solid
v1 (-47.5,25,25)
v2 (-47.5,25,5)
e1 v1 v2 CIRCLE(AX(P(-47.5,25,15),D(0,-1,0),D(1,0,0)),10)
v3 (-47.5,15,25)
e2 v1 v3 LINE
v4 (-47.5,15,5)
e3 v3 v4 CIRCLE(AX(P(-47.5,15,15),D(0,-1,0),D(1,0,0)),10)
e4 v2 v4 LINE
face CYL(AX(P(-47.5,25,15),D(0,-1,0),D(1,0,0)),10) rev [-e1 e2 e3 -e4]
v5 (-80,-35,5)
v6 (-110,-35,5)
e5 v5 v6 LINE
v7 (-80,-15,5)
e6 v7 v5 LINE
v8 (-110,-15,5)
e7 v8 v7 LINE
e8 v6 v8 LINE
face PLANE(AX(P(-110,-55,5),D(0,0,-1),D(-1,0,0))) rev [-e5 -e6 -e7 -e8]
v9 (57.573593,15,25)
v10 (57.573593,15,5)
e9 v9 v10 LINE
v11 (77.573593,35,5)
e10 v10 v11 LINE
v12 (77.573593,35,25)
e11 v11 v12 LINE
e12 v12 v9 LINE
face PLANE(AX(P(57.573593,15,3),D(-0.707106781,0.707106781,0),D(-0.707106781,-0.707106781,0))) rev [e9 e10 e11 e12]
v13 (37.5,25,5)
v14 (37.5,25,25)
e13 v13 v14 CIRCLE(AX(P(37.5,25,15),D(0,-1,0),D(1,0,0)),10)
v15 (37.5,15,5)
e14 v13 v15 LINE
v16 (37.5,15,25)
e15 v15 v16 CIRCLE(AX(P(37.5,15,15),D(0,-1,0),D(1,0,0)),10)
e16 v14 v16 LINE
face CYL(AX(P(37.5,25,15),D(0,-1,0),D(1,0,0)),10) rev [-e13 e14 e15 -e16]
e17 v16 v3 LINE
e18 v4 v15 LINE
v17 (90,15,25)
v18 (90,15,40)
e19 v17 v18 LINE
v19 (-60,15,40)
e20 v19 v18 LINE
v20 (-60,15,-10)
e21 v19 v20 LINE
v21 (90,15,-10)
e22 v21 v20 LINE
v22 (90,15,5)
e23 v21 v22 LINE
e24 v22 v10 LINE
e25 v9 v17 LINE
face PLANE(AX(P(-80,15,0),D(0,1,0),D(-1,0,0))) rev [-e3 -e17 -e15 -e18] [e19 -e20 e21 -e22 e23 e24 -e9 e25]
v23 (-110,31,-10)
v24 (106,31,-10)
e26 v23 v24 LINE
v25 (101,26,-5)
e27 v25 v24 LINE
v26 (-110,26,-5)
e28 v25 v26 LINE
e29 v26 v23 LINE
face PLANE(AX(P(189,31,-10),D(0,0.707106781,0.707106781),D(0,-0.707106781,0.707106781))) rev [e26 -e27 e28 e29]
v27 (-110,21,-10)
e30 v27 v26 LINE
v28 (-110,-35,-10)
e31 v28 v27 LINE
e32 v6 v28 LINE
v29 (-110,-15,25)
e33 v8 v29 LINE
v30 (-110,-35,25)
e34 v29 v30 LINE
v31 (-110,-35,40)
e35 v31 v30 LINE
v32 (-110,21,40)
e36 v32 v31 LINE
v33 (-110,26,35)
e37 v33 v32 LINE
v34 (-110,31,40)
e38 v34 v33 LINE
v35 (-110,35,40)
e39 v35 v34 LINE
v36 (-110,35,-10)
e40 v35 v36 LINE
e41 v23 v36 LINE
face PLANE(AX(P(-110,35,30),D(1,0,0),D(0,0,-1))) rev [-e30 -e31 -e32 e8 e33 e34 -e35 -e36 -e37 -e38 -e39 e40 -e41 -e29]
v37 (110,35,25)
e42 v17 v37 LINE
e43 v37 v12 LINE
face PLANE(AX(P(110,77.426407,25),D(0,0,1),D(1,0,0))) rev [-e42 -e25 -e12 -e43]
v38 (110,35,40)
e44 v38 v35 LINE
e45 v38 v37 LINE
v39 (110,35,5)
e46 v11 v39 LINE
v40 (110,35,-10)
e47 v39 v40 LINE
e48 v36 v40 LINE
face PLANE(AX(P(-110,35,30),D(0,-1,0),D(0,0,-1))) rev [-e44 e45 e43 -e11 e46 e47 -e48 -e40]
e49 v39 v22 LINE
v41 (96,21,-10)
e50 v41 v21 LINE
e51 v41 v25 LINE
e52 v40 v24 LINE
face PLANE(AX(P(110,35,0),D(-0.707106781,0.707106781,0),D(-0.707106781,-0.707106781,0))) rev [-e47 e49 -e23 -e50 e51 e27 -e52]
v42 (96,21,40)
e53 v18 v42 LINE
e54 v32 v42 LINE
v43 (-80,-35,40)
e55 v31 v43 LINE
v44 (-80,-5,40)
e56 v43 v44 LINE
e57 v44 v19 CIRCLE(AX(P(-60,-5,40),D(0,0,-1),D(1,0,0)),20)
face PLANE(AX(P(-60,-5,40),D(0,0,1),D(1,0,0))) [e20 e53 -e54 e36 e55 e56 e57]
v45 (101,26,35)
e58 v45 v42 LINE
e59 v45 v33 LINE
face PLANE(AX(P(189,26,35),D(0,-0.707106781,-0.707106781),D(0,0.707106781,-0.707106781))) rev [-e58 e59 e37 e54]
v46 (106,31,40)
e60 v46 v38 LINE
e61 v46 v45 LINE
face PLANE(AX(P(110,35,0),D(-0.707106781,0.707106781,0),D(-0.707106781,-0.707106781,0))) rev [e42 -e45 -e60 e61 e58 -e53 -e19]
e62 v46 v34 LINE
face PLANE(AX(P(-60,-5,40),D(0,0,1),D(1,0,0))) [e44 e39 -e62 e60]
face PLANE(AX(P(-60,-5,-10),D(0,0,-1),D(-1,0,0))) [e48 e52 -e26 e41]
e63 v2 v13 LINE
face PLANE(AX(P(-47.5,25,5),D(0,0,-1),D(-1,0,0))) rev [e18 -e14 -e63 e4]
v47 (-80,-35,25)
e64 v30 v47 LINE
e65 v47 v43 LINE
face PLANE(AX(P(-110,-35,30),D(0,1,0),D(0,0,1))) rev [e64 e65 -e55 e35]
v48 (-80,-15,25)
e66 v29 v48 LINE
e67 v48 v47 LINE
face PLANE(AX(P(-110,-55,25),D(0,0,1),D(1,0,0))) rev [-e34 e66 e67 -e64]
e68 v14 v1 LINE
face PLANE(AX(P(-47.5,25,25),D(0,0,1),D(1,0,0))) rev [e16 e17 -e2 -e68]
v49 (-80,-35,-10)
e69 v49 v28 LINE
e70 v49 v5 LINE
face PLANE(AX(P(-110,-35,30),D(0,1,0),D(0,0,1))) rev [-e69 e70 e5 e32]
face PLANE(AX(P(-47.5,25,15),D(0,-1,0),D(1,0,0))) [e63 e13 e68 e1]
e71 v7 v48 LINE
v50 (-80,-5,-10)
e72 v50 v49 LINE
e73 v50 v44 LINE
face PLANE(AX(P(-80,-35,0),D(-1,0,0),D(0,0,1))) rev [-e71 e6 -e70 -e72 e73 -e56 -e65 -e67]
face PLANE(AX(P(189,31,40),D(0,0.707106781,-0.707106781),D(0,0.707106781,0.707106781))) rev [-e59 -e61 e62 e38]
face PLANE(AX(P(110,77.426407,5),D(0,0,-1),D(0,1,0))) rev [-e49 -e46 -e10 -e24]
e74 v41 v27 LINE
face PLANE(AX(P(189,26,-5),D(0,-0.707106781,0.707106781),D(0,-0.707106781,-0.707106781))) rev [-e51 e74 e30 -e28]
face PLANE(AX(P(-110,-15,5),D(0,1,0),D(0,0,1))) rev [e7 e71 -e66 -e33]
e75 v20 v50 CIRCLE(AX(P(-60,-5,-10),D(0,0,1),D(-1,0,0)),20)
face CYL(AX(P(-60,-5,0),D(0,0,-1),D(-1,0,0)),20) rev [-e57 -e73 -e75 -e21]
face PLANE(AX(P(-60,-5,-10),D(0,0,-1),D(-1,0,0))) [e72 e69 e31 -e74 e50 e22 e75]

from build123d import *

# Parameters (mm, degrees)
SKETCH_1_W          = 220
SKETCH_1_H          = 70
EXTRUDE_1_DEPTH     = 30
SKETCH_2_W          = 190
SKETCH_2_H          = 50
CUT_EXTRUDE_1_DEPTH = 30
SKETCH_3_W          = 20
SKETCH_3_H          = 40
CUT_EXTRUDE_2_DEPTH = 30
CUT_EXTRUDE_3_DEPTH = 30
SKETCH_5_W          = 20
SKETCH_5_H          = 60
CUT_EXTRUDE_4_DEPTH = 30
SKETCH_6_W          = 20
SKETCH_6_H          = 20
CUT_EXTRUDE_5_DEPTH = 30
SKETCH_7_W          = 20
SKETCH_7_H          = 20
CUT_EXTRUDE_6_DEPTH = 10
FILLET_1_R          = 20
EXTRUDE_2_DEPTH     = 22
EXTRUDE_3_DEPTH     = 10
EXTRUDE_START       = 10
EXTRUDE_4_DEPTH     = 10
CUT_EXTRUDE_7_DEPTH = 10
CUT_EXTRUDE_8_DEPTH = 299


with BuildPart() as part:
    # 草图1 → 凸台-拉伸1 (new body)
    with BuildSketch(Plane.XY):
        Rectangle(SKETCH_1_W, SKETCH_1_H)
    extrude(amount=EXTRUDE_1_DEPTH)

    # 草图2 → 切除-拉伸1 (cut)
    with BuildSketch(Plane.XY.offset(30)):
        with Locations((15, -10)):
            Rectangle(SKETCH_2_W, SKETCH_2_H)
    extrude(amount=-CUT_EXTRUDE_1_DEPTH, mode=Mode.SUBTRACT)

    # 草图3 → 切除-拉伸2 (cut)
    with BuildSketch(Plane(origin=(-80, 0, 0), x_dir=(0, 0, -1), z_dir=(1, 0, 0))):
        with Locations((-15, -35)):
            Rectangle(SKETCH_3_W, SKETCH_3_H)
    extrude(amount=-CUT_EXTRUDE_2_DEPTH, mode=Mode.SUBTRACT)

    # 草图4 → 切除-拉伸3 (cut)
    with BuildSketch(Plane.XY.offset(30)):
        Polygon((110, 35), (90, 15), (110, 15), align=None)
    extrude(amount=-CUT_EXTRUDE_3_DEPTH, mode=Mode.SUBTRACT)

    # 草图5 → 切除-拉伸4 (cut)
    with BuildSketch(Plane(origin=(37.5, -37.5, 0), x_dir=(0, 0, -1), z_dir=(0.7071067811865536, -0.7071067811865415, 0))):
        with Locations((-15, 102.530483272)):
            Rectangle(SKETCH_5_W, SKETCH_5_H)
    extrude(amount=-CUT_EXTRUDE_4_DEPTH, mode=Mode.SUBTRACT)

    # 草图6 → 切除-拉伸5 (cut)
    with BuildSketch(Plane(origin=(0, 35, 0), x_dir=(1, 0, 0), z_dir=(0, 1, 0))):
        with Locations((77.573593129, -15)):
            Rectangle(SKETCH_6_W, SKETCH_6_H)
    extrude(amount=-CUT_EXTRUDE_5_DEPTH, mode=Mode.SUBTRACT)

    # 草图7 → 切除-拉伸6 (cut)
    with BuildSketch(Plane(origin=(67.573593129, 0, 0), x_dir=(0, 0, -1), z_dir=(1, 0, 0))):
        with Locations((-15, 25)):
            Rectangle(SKETCH_7_W, SKETCH_7_H)
    extrude(amount=-CUT_EXTRUDE_6_DEPTH, mode=Mode.SUBTRACT)

    # 圆角1
    fillet_1_edges = [part.edges().sort_by_distance(p)[0] for p in [
        (-80, 15, 15),
    ]]
    fillet(fillet_1_edges, radius=FILLET_1_R)

    # 草图8 → 凸台-拉伸2 (add)
    with BuildSketch(Plane(origin=(0, 0, 25), x_dir=(-1, 0, 0), z_dir=(0, 0, -1))):
        Polygon((-57.573593129, 15), (-77.573593129, 35), (-57.573593129, 35), align=None)
    extrude(amount=EXTRUDE_2_DEPTH)

    # 草图9 → 凸台-拉伸3 (add)
    with BuildSketch(Plane.XY.offset(30)):
        with BuildLine():
            Line((90, 15), (110, 35))
            Line((110, 35), (-110, 35))
            Line((-110, 35), (-110, -35))
            Line((-110, -35), (-80, -35))
            Line((-80, -35), (-80, -5))
            ThreePointArc((-80, -5), (-74.142135624, 9.142135624), (-60, 15))
            Line((-60, 15), (90, 15))
        make_face()
    extrude(amount=EXTRUDE_3_DEPTH)

    # 草图10 → 凸台-拉伸4 (add)
    with BuildSketch(Plane(origin=(0, 0, 0), x_dir=(-1, 0, 0), z_dir=(0, 0, -1)).offset(EXTRUDE_START)):
        with BuildLine():
            Line((110, 35), (-110, 35))
            Line((-110, 35), (-90, 15))
            Line((-90, 15), (60, 15))
            ThreePointArc((60, 15), (74.142135624, 9.142135624), (80, -5))
            Line((80, -5), (80, -35))
            Line((80, -35), (110, -35))
            Line((110, -35), (110, 35))
        make_face()
    extrude(amount=-EXTRUDE_4_DEPTH)

    # 草图11 → 切除-拉伸7 (cut)
    with BuildSketch(Plane.XZ.offset(-15)):
        with BuildLine():
            Line((-47.5, 25), (37.5, 25))
            ThreePointArc((37.5, 25), (47.5, 15), (37.5, 5))
            Line((37.5, 5), (-47.5, 5))
            ThreePointArc((-47.5, 5), (-57.5, 15), (-47.5, 25))
        make_face()
    extrude(amount=-CUT_EXTRUDE_7_DEPTH, mode=Mode.SUBTRACT)

    # 草图12 → 切除-拉伸8 (cut)
    with BuildSketch(Plane.ZY.offset(110)):
        Polygon((-10, 31), (-5, 26), (-10, 21), align=None)
        Polygon((40, 31), (35, 26), (40, 21), align=None)
    extrude(amount=-CUT_EXTRUDE_8_DEPTH, mode=Mode.SUBTRACT)


solid = part.part
